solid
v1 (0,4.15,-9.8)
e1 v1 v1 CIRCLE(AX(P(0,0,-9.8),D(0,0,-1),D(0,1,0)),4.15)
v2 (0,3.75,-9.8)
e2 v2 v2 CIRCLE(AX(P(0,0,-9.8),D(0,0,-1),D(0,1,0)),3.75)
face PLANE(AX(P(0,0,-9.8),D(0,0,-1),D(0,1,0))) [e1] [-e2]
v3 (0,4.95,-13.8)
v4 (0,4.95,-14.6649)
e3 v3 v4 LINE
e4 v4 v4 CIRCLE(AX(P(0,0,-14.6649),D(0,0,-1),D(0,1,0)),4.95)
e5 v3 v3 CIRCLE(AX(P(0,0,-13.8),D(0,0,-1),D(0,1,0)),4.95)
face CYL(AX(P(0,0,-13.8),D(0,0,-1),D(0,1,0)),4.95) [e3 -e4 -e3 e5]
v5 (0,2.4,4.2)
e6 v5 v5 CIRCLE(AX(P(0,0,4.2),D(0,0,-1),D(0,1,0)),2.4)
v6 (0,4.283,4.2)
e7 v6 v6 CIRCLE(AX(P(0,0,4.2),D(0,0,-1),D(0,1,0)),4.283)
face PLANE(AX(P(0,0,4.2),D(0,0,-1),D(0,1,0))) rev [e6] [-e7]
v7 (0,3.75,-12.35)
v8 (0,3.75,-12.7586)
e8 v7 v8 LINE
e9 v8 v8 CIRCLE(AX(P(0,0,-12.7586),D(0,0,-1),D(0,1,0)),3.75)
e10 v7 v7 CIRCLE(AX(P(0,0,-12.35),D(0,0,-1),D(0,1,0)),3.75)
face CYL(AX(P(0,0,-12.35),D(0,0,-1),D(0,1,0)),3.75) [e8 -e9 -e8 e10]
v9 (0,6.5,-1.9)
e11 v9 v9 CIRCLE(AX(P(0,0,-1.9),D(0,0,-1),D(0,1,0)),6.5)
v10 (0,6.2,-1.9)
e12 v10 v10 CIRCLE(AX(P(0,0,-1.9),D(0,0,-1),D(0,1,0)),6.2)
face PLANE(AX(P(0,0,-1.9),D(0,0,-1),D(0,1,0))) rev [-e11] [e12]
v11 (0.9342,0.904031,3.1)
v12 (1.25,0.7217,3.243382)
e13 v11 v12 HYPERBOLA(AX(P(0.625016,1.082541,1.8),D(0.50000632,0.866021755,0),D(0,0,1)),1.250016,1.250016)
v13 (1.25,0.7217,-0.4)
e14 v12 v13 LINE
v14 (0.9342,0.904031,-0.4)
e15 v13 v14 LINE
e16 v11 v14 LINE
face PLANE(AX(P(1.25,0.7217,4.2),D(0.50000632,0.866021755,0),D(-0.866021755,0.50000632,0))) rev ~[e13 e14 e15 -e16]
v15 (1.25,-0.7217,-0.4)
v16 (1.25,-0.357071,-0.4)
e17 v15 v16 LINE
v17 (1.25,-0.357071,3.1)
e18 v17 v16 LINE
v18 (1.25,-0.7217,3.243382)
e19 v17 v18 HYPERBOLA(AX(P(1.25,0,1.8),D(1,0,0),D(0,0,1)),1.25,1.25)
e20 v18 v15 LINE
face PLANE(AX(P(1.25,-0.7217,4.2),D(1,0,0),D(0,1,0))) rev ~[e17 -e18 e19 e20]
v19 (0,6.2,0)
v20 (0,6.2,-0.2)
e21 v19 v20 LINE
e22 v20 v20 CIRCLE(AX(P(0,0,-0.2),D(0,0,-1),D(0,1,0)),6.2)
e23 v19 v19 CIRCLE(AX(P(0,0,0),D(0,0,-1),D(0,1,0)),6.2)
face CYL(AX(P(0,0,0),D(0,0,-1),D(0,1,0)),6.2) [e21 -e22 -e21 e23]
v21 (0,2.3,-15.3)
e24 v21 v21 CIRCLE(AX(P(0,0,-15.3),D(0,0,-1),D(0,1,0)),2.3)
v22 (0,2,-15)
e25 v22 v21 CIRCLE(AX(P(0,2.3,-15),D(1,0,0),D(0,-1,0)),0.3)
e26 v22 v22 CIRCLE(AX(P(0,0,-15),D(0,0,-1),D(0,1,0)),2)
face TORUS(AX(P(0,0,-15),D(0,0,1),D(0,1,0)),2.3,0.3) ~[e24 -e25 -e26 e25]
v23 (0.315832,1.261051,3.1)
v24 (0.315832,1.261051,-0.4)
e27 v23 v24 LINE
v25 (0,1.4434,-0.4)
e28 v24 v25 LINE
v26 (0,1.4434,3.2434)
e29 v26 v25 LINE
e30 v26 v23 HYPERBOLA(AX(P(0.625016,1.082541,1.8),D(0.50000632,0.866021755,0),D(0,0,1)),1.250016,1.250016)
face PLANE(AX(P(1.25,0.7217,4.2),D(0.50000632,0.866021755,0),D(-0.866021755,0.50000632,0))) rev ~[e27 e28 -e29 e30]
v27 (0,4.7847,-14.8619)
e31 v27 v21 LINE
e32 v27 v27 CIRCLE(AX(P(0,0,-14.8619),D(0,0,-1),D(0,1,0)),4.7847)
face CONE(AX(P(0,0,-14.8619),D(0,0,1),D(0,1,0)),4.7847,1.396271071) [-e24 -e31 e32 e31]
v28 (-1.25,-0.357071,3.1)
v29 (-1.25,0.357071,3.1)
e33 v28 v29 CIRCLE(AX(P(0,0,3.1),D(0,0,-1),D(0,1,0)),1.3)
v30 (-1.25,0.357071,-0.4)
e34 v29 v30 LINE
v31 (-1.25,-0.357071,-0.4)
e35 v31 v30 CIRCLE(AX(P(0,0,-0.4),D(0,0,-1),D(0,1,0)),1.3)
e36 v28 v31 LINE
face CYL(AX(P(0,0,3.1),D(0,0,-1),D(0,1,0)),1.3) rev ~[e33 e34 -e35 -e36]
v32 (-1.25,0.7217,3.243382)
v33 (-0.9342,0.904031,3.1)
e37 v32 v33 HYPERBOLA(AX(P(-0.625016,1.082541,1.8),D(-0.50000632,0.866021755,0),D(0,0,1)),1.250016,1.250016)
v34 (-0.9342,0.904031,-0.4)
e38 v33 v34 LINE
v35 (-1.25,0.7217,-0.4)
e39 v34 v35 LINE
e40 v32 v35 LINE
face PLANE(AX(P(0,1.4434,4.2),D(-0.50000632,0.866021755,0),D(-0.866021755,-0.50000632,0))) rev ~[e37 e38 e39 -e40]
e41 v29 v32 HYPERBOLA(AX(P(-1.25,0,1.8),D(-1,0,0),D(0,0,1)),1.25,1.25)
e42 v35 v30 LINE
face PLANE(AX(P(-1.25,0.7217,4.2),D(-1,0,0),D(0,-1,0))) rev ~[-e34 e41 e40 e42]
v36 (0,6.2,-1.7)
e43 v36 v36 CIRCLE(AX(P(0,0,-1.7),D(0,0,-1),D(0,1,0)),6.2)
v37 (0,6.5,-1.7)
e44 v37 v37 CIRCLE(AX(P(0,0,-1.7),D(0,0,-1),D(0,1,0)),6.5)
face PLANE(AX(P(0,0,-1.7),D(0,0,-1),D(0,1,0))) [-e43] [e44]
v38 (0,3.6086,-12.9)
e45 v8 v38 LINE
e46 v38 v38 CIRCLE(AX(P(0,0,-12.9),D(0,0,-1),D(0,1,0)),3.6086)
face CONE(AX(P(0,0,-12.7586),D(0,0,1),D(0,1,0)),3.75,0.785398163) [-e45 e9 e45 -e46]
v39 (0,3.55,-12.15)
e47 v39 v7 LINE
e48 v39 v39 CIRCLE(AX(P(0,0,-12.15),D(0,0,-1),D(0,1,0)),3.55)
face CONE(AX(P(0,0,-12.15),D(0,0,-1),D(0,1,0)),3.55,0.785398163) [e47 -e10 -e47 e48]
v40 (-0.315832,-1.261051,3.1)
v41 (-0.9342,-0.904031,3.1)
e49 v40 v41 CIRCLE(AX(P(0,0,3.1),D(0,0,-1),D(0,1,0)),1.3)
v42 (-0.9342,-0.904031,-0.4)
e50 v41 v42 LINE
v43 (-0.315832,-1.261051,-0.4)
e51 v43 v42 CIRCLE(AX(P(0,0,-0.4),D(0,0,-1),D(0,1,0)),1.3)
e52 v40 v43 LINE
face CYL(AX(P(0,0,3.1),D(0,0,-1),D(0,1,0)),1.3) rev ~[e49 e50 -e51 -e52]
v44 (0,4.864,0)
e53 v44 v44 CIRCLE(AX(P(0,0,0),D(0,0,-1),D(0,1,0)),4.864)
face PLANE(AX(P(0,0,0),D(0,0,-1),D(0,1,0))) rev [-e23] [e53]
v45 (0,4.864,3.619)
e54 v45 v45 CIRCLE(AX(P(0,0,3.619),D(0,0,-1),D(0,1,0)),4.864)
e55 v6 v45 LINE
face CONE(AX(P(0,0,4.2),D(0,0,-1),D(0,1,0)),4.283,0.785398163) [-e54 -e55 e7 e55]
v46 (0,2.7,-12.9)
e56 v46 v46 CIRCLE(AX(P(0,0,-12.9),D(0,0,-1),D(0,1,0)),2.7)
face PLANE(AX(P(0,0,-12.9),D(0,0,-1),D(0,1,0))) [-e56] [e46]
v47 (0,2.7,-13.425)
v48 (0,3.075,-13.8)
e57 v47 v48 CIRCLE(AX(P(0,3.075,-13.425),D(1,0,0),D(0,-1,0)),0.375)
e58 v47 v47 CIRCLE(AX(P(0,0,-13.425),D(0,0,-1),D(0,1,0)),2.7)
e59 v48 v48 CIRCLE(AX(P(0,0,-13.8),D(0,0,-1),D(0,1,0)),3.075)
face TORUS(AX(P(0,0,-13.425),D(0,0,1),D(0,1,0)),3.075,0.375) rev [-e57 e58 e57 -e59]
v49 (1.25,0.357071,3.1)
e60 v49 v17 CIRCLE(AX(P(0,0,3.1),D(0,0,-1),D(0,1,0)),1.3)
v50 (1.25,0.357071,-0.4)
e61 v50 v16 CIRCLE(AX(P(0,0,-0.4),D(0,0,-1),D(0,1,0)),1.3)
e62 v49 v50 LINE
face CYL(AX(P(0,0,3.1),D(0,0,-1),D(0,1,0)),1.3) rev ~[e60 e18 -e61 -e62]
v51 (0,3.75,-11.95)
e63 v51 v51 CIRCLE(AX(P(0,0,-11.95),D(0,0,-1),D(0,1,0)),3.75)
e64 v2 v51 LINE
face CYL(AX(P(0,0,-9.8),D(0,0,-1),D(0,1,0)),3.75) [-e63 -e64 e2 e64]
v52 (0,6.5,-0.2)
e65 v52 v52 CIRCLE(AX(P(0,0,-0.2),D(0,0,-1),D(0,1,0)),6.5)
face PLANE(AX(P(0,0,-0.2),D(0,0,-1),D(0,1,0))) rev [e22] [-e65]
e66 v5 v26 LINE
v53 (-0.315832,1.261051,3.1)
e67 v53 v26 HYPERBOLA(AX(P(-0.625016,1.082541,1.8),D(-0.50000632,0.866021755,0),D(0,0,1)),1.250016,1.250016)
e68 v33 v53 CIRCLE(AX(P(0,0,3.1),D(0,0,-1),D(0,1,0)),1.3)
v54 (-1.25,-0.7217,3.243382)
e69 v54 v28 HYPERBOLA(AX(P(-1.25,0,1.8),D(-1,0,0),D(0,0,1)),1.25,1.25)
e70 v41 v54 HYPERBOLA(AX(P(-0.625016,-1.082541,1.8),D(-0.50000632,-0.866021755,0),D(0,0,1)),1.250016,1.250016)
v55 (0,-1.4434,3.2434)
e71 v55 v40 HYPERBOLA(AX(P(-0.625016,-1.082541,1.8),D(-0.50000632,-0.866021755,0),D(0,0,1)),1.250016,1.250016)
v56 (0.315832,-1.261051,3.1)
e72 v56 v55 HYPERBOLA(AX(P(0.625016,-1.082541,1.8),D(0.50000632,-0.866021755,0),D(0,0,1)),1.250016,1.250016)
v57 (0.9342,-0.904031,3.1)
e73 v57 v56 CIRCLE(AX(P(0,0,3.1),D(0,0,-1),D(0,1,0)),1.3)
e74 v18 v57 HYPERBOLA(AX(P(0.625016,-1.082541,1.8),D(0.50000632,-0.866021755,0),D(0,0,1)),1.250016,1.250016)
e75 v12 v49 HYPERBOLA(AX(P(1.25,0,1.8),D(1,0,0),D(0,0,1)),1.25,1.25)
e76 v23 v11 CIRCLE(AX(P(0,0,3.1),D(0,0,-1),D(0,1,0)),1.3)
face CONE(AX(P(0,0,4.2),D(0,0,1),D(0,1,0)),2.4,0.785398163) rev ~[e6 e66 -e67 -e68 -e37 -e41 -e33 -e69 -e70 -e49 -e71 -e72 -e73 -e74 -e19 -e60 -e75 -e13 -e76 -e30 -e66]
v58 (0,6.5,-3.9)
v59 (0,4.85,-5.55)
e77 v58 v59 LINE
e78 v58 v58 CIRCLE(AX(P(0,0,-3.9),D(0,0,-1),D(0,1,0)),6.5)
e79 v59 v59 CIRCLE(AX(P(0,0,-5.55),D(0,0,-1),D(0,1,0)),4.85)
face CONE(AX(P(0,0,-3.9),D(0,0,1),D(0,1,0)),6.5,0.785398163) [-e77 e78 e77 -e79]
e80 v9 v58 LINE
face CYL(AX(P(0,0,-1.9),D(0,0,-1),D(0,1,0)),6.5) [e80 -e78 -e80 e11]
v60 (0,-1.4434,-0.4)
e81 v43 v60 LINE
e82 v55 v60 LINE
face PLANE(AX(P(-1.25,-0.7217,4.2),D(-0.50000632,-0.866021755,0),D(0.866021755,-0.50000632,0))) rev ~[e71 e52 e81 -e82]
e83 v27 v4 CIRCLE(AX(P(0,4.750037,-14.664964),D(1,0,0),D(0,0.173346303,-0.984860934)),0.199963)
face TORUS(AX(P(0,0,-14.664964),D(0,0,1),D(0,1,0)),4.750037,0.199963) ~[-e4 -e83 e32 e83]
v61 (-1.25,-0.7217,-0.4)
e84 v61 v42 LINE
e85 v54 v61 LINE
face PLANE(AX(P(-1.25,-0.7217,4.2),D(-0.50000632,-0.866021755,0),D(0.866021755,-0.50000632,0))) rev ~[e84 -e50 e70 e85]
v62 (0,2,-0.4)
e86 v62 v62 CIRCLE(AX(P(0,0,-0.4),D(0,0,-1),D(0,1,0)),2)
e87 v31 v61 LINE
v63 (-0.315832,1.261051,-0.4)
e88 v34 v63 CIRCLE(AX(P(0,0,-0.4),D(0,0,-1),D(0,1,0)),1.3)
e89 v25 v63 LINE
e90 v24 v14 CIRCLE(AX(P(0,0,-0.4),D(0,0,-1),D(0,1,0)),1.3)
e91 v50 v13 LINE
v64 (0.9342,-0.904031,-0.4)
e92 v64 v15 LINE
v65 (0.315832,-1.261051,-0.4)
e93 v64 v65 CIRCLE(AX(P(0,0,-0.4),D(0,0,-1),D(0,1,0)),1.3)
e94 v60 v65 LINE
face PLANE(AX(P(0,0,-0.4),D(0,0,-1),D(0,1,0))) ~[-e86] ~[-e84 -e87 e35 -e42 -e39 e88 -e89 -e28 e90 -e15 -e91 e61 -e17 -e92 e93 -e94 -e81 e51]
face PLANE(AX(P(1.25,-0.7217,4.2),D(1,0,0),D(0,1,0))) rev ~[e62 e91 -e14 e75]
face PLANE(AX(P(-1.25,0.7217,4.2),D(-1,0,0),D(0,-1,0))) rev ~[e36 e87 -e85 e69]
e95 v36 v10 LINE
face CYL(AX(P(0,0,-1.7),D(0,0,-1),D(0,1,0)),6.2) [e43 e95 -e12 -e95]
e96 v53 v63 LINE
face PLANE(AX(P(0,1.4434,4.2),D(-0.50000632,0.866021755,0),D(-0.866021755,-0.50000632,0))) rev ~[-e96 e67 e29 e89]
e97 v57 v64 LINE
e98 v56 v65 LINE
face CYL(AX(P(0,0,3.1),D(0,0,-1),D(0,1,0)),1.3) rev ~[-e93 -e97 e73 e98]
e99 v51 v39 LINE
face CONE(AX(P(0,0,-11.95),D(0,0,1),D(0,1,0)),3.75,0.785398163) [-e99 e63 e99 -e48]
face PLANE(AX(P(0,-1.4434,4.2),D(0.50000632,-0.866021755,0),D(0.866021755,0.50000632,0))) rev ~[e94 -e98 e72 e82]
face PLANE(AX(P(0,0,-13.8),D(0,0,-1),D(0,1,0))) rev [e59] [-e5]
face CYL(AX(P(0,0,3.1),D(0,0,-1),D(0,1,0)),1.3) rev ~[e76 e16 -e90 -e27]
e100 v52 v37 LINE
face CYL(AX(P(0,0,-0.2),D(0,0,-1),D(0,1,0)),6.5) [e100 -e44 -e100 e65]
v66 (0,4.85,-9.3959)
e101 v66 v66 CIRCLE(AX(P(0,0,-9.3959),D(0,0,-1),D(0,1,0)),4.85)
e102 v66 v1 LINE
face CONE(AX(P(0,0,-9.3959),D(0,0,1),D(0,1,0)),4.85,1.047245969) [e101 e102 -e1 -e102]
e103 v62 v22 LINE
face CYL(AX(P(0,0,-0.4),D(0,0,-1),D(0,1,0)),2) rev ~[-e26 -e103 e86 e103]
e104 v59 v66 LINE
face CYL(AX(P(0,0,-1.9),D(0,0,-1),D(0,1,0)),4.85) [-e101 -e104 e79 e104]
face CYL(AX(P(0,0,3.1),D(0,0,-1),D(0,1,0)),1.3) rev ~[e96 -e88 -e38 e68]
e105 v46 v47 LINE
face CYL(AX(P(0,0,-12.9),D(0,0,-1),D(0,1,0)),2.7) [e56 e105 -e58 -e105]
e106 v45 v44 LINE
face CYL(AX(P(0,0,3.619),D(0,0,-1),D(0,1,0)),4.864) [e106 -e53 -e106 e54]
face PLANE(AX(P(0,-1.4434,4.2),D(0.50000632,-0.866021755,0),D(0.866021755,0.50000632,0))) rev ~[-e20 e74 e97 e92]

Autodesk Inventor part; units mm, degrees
sketch "Sketch_4" plane through (0, 0, 0) normal (1, 0, 0) x (0, 1, 0)
  line L0 (0, -15.3) -> (0, -1.9)
  line L1 (0, -1.9) -> (4.85, -1.9)
  line L2 (4.85, -1.9) -> (4.85, -9.3959)
  line L3 (4.85, -9.3959) -> (4.15, -9.8)
  line L4 (4.15, -9.8) -> (3.75, -9.8)
  line L5 (3.75, -9.8) -> (3.75, -11.95)
  line L6 (3.75, -11.95) -> (3.55, -12.15)
  line L7 (3.55, -12.15) -> (3.75, -12.35)
  line L8 (3.75, -12.35) -> (3.75, -12.7586)
  line L9 (3.75, -12.7586) -> (3.6086, -12.9)
  line L10 (3.6086, -12.9) -> (2.7, -12.9)
  line L11 (2.7, -12.9) -> (2.7, -13.425)
  arc A0 (2.7, -13.425) -> (3.075, -13.8) centre (3.075, -13.425) ccw
  line L12 (3.075, -13.8) -> (4.95, -13.8)
  line L13 (4.95, -13.8) -> (4.95, -14.6649)
  arc A1 (4.7847, -14.8619) -> (4.95, -14.6649) centre (4.75, -14.6649) ccw
  line L14 (4.7847, -14.8619) -> (2.3, -15.3)
  line L15 (2.3, -15.3) -> (0, -15.3)
  line L16 (0, -15.3) -> (0, -1.9)
revolve "Revolution1" add sketch "Sketch_4" angle 360 about axis through (0, 0, -15.3) along (0, 0, -1)
sketch "Sketch_1" plane through (0, 0, 0) normal (1, 0, 0) x (0, 1, 0)
  line L0 (0, -10.4) -> (0, -1.9)
  line L1 (0, -1.9) -> (6.5, -1.9)
  line L2 (6.5, -1.9) -> (6.5, -3.9)
  line L3 (6.5, -3.9) -> (0, -10.4)
  line L4 (0, -10.4) -> (0, -1.9)
revolve "Revolution2" add sketch "Sketch_1" angle 360 about axis through (0, 0, -10.4) along (0, 0, -1)
sketch "Sketch_5" plane through (0, 0, 0) normal (1, 0, 0) x (0, 1, 0)
  line L0 (0, -1.9) -> (0, 4.2)
  line L1 (0, 4.2) -> (4.283, 4.2)
  line L2 (4.283, 4.2) -> (4.864, 3.619)
  line L3 (4.864, 3.619) -> (4.864, 0)
  line L4 (4.864, 0) -> (6.2, 0)
  line L5 (6.2, 0) -> (6.2, -0.2)
  line L6 (6.2, -0.2) -> (6.5, -0.2)
  line L7 (6.5, -0.2) -> (6.5, -1.7)
  line L8 (6.5, -1.7) -> (6.2, -1.7)
  line L9 (6.2, -1.7) -> (6.2, -1.9)
  line L10 (6.2, -1.9) -> (0, -1.9)
  line L11 (0, -1.9) -> (0, 4.2)
revolve "Revolution3" add sketch "Sketch_5" angle 360 about axis through (0, 0, -1.9) along (0, 0, -1)
thread "Thread1" size "G9.728x0.907" designation "G 1/8" class "A" standard "ISO Pipe Threads" full length
sketch "Sketch_6" plane through (0, 0, 0) normal (1, 0, 0) x (0, 1, 0)
  line L0 (0, -15.3) -> (0, 4.2)
  line L1 (0, 4.2) -> (2.4, 4.2)
  line L2 (2.4, 4.2) -> (1.3, 3.1)
  line L3 (1.3, 3.1) -> (1.3, -0.4)
  line L4 (1.3, -0.4) -> (2, -0.4)
  line L5 (2, -0.4) -> (2, -15)
  arc A0 (2, -15) -> (2.3, -15.3) centre (2.3, -15) ccw
  line L6 (2.3, -15.3) -> (0, -15.3)
  line L7 (0, -15.3) -> (0, 4.2)
revolve "Revolution4" cut sketch "Sketch_6" angle 360 about axis through (0, 0, -15.3) along (0, 0, -1)
sketch "Sketch_7" plane through (0, 0, 4.2) normal (0, 0, 1) x (1, 0, 0)
  line L0 (-1.25, -0.7217) -> (0, -1.4434)
  line L1 (0, -1.4434) -> (1.25, -0.7217)
  line L2 (1.25, -0.7217) -> (1.25, 0.7217)
  line L3 (1.25, 0.7217) -> (0, 1.4434)
  line L4 (0, 1.4434) -> (-1.25, 0.7217)
  line L5 (-1.25, 0.7217) -> (-1.25, -0.7217)
extrude "Extrusion1" cut sketch "Sketch_7" against normal blind 4.6
ref_plane "ANBAU_XY" through (0, 0, 0) normal (0, 0, -1) x (1, 0, 0)
ref_plane "ANBAU_YZ" through (0, 0, 0) normal (1, 0, 0) x (0, -1, 0)
ref_plane "ANBAU_ZX" through (0, 0, 0) normal (0, -1, 0) x (0, 0, -1)
ref_plane "ANBAU_STD_XY" through (0, 0, 0) normal (0, 0, -1) x (1, 0, 0)
ref_plane "ANBAU_STD_YZ" through (0, 0, 0) normal (1, 0, 0) x (0, -1, 0)
ref_plane "ANBAU_STD_ZX" through (0, 0, 0) normal (0, -1, 0) x (0, 0, -1)
ref_plane "CP_XY" through (0, 0, -15.3) normal (0, 0, -1) x (1, 0, 0)
ref_plane "CP_YZ" through (0, 0, -15.3) normal (1, 0, 0) x (0, -1, 0)
ref_plane "CP_ZX" through (0, 0, -15.3) normal (0, -1, 0) x (0, 0, -1)
ref_plane "CPV_XY" through (0, 0, 0) normal (0, 0, -1) x (1, 0, 0)
ref_plane "CPV_YZ" through (0, 0, 0) normal (1, 0, 0) x (0, -1, 0)
ref_plane "CPV_ZX" through (0, 0, 0) normal (0, -1, 0) x (0, 0, -1)
ref_plane "CPV_ANBAU_XY" through (0, 0, 0) normal (0, 0, -1) x (1, 0, 0)
ref_plane "CPV_ANBAU_YZ" through (0, 0, 0) normal (1, 0, 0) x (0, -1, 0)
ref_plane "CPV_ANBAU_ZX" through (0, 0, 0) normal (0, -1, 0) x (0, 0, -1)
ref_plane "FDT_SCHLAUCH_XY" through (0, 0, -0.4) normal (0, 0, -1) x (1, 0, 0)
ref_plane "FDT_SCHLAUCH_YZ" through (0, 0, -0.4) normal (1, 0, 0) x (0, -1, 0)
ref_plane "FDT_SCHLAUCH_ZX" through (0, 0, -0.4) normal (0, -1, 0) x (0, 0, -1)
properties part number "186106 QS-G1/8-4-I"
